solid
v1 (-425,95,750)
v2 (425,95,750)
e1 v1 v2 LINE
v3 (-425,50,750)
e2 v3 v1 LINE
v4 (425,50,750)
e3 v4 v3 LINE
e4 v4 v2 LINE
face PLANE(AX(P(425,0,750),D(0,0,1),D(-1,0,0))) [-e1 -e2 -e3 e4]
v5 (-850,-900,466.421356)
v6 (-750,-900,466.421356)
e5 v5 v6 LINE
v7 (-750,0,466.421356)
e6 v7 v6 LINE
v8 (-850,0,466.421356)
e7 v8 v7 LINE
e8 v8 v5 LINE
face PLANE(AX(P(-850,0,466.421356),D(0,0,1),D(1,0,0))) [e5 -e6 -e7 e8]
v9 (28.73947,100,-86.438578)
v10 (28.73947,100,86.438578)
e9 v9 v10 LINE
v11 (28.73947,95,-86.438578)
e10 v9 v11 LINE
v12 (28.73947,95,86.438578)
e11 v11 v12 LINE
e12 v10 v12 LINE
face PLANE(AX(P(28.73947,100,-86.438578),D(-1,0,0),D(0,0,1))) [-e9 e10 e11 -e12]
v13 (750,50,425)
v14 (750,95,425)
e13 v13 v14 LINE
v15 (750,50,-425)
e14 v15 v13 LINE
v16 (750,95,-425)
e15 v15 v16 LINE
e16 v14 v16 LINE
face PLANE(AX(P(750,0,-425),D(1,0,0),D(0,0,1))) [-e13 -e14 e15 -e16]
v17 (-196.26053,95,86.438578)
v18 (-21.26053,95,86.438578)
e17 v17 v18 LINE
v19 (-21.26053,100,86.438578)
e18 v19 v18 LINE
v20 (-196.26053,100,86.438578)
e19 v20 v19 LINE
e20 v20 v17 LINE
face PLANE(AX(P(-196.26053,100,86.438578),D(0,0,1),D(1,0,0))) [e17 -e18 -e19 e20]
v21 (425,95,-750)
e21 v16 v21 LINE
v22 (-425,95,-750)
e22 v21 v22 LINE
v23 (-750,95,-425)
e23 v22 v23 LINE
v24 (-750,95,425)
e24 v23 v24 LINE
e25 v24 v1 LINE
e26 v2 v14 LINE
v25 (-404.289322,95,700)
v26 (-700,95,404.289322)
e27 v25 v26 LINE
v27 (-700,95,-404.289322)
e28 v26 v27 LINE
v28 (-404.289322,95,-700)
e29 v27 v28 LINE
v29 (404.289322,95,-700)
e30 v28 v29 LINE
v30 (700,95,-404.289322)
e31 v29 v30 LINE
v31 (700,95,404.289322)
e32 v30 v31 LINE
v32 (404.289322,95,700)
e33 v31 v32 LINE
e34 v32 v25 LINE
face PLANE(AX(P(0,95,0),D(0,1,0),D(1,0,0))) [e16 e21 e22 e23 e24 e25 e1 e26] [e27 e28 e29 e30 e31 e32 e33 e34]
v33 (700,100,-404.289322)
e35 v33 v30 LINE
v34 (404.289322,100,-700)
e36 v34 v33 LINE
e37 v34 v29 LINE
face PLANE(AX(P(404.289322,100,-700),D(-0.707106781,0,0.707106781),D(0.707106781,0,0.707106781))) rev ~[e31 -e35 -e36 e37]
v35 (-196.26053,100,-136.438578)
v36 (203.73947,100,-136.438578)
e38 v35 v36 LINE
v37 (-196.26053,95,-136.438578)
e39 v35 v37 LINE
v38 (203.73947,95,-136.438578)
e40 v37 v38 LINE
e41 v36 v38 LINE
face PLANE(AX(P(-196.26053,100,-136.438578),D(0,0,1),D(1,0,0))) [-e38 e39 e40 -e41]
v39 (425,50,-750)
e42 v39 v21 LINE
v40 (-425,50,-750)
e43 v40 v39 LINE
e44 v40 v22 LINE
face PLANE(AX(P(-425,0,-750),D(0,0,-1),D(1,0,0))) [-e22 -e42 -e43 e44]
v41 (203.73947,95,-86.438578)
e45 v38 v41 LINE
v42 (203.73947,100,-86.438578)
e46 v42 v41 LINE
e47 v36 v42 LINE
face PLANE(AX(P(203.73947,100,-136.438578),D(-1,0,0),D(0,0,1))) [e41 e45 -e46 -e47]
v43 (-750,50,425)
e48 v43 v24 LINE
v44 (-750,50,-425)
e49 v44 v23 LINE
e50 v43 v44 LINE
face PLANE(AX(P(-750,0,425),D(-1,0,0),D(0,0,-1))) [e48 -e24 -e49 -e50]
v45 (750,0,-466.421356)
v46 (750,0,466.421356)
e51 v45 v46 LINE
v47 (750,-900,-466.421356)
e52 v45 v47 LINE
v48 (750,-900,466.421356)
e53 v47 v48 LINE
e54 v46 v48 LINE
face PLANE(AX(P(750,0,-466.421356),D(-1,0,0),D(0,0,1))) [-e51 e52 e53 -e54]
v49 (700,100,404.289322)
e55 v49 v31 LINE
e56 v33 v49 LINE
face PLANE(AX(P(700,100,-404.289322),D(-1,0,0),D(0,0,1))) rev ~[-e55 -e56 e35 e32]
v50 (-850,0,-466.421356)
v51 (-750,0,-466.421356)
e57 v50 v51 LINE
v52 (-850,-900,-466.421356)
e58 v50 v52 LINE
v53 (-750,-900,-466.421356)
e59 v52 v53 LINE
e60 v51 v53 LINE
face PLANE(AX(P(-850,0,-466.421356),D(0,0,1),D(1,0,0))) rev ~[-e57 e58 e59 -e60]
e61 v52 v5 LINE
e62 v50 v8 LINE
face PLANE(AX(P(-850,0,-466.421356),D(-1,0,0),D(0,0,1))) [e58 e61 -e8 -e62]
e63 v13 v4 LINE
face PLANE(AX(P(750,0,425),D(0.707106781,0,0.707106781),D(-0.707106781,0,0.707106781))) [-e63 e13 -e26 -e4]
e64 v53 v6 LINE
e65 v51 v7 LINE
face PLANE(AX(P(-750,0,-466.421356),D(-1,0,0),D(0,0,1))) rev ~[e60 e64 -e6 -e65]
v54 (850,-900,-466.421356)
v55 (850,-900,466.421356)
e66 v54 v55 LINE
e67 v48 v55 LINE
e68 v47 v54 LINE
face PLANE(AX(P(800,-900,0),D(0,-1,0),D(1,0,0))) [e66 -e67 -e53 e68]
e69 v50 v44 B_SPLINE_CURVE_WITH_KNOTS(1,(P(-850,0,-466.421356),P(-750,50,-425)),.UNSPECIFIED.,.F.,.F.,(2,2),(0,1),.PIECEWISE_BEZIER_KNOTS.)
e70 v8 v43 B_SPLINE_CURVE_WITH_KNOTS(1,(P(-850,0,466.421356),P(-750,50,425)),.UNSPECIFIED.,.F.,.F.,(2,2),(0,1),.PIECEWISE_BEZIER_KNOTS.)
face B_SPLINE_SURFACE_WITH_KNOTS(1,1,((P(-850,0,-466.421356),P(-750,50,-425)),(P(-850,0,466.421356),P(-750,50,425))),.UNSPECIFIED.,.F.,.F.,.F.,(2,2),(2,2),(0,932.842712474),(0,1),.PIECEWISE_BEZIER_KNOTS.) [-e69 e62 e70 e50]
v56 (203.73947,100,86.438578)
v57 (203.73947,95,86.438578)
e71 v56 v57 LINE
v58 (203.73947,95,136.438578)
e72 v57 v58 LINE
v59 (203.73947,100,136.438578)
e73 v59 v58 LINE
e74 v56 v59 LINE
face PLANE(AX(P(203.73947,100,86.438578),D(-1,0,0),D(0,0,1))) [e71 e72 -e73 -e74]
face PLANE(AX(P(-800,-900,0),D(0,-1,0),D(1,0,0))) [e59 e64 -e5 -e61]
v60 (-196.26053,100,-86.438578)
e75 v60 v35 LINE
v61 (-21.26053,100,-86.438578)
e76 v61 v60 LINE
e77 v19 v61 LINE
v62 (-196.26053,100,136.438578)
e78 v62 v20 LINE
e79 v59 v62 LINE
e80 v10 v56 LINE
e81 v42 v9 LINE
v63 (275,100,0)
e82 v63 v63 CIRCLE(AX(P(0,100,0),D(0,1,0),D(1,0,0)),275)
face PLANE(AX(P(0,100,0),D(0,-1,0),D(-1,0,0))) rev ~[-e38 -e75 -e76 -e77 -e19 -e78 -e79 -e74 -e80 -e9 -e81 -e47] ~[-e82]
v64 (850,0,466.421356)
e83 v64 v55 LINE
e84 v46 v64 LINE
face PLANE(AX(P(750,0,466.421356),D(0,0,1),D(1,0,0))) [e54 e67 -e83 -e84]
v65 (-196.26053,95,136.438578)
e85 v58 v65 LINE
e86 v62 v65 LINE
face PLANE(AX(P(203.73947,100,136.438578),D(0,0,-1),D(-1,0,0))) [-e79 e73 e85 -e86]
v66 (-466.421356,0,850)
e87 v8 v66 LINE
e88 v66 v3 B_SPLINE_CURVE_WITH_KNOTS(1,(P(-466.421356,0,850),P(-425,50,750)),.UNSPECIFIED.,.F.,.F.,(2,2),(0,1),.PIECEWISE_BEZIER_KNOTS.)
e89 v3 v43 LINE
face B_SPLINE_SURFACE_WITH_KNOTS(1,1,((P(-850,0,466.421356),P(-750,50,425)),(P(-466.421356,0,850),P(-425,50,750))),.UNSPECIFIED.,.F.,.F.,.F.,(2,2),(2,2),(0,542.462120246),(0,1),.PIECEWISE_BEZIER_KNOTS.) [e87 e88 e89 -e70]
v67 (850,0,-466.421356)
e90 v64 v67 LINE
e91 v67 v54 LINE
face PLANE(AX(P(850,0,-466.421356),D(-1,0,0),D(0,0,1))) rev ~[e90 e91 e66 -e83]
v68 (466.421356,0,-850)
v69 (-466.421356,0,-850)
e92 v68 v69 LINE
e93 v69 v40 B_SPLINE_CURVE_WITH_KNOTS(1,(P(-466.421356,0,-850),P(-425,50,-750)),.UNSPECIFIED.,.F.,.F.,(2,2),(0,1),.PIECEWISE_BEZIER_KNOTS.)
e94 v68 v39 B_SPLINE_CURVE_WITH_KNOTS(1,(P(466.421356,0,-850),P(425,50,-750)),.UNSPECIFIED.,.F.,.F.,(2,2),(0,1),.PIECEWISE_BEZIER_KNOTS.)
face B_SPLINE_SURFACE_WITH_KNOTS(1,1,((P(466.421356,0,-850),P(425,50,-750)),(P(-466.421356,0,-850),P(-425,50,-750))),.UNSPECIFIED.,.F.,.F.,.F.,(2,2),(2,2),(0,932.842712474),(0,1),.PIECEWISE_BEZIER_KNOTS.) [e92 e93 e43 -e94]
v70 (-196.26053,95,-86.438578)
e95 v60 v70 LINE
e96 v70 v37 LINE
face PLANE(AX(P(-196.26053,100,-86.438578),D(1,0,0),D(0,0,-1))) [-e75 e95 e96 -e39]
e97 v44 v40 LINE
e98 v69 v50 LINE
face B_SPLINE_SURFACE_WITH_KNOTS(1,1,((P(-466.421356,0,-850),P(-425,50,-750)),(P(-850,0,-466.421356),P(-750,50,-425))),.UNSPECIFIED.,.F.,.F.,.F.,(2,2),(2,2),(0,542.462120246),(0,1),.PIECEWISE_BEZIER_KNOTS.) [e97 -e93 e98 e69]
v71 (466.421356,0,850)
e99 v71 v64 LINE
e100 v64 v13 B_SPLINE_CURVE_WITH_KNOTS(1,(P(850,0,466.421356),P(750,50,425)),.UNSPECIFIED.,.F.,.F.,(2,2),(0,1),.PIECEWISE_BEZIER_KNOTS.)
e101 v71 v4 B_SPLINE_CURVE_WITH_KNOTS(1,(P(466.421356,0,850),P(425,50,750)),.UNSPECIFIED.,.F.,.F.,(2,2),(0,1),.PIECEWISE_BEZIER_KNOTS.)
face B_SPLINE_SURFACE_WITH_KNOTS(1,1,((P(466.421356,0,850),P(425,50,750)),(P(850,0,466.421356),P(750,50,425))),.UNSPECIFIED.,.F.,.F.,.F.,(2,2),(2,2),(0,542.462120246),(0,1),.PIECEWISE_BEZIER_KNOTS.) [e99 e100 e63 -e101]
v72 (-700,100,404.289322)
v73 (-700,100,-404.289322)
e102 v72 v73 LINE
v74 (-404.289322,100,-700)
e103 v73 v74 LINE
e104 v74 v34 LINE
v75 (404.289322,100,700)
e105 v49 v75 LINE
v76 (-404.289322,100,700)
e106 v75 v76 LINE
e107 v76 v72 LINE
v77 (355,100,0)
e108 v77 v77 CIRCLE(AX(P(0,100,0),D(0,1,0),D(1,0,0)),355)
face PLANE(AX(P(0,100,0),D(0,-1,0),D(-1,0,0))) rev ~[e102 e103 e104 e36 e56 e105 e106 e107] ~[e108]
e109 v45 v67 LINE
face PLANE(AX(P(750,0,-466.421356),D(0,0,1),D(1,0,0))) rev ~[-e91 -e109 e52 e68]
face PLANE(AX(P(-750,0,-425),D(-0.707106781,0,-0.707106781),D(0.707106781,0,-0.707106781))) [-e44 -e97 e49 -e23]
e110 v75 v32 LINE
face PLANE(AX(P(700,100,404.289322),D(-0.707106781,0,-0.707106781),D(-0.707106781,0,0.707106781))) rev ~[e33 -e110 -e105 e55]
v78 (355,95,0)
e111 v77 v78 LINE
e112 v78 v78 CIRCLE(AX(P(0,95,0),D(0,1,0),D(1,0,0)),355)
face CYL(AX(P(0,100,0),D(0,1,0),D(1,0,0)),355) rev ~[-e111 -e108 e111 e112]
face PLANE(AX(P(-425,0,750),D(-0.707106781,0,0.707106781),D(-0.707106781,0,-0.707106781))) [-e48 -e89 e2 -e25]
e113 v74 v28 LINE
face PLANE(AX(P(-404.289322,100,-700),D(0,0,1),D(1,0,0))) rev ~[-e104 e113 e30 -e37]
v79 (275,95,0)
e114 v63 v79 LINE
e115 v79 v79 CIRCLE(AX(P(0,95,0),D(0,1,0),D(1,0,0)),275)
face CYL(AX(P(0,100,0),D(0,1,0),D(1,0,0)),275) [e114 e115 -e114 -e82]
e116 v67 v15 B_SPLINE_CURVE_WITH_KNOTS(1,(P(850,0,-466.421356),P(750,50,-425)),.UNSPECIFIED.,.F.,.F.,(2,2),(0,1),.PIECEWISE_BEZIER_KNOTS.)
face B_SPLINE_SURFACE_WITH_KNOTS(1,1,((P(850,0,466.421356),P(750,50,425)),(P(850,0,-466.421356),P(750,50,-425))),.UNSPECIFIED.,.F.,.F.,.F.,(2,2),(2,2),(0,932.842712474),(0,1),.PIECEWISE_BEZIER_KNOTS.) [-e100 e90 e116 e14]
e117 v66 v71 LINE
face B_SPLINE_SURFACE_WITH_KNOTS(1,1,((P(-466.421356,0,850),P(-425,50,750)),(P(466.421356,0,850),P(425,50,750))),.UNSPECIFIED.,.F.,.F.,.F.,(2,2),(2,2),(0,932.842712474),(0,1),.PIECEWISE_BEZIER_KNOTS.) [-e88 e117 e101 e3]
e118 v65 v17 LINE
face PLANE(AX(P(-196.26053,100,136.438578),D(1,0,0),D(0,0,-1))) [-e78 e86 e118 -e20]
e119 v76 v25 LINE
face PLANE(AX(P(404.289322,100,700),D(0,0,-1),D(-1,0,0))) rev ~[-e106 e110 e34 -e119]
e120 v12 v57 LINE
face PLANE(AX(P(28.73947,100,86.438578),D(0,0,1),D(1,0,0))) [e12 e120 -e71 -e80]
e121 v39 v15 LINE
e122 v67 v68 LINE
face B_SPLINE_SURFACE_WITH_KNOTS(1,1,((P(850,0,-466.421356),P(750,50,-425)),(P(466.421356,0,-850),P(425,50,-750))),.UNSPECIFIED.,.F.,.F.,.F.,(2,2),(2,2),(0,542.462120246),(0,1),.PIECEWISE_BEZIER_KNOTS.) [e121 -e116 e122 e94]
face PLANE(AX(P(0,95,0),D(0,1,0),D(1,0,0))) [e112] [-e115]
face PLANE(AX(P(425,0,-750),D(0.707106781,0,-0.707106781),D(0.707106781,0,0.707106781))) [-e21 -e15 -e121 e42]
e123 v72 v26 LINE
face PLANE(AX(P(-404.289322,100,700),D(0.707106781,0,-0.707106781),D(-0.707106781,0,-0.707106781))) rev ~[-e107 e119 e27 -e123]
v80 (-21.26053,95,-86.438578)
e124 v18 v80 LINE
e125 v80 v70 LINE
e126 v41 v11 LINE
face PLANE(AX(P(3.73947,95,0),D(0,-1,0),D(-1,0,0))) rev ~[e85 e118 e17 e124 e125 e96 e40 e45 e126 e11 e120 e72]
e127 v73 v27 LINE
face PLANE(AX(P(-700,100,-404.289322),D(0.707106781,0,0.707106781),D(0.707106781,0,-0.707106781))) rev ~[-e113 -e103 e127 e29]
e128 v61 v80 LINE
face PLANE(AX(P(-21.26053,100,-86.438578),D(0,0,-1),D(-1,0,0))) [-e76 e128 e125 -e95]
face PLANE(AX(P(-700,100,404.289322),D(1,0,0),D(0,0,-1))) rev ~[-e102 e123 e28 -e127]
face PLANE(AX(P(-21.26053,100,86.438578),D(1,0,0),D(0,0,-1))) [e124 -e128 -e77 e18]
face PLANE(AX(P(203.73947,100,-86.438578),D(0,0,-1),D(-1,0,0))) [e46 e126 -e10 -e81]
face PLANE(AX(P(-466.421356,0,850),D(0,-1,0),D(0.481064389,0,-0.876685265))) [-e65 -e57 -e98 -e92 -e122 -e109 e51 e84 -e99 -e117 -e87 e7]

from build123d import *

# Parameters (mm, degrees)
EXTRUDE_2_DEPTH     = 100
SKETCH_8_R          = 355
SKETCH_8_R_2        = 275
CUT_EXTRUDE_1_DEPTH = 5
CUT_EXTRUDE_2_DEPTH = 5
CUT_EXTRUDE_3_DEPTH = 5
SKETCH_13_W         = 100
SKETCH_13_H         = 932.842712474
EXTRUDE_3_DEPTH     = 900


with BuildPart() as part:
    # 草图2 → 凸台-拉伸2 (new body)
    with BuildSketch(Plane(origin=(0, 0, 0), x_dir=(1, 0, 0), z_dir=(0, 1, 0))):
        Polygon((-425, 750), (425, 750), (750, 425), (750, -425), (425, -750), (-425, -750), (-750, -425), (-750, 425), align=None)
    extrude(amount=EXTRUDE_2_DEPTH)

    # 草图4 → 放样4 section 0
    with BuildSketch(Plane.XZ):
        Polygon((-466.421356237, 850), (466.421356237, 850), (850, 466.421356237), (850, -466.421356237), (466.421356237, -850), (-466.421356237, -850), (-850, -466.421356237), (-850, 466.421356237), align=None)
    # 草图7 → 放样4 section 1
    with BuildSketch(Plane(origin=(0, 50, 0), x_dir=(1, 0, 0), z_dir=(0, 1, 0))):
        Polygon((750, -425), (425, -750), (-425, -750), (-750, -425), (-750, 425), (-425, 750), (425, 750), (750, 425), align=None)
    loft()

    # 草图8 → 切除-拉伸1 (cut)
    with BuildSketch(Plane(origin=(0, 100, 0), x_dir=(1, 0, 0), z_dir=(0, 1, 0))):
        Circle(SKETCH_8_R)
        Circle(SKETCH_8_R_2, mode=Mode.SUBTRACT)
    extrude(amount=-CUT_EXTRUDE_1_DEPTH, mode=Mode.SUBTRACT)

    # 草图9 → 切除-拉伸2 (cut)
    with BuildSketch(Plane(origin=(0, 100, 0), x_dir=(1, 0, 0), z_dir=(0, 1, 0))):
        Polygon((-196.260530097, 136.438578222), (203.739469903, 136.438578222), (203.739469903, 86.438578222), (28.739469903, 86.438578222), (28.739469903, -86.438578222), (203.739469903, -86.438578222), (203.739469903, -136.438578222), (-196.260530097, -136.438578222), (-196.260530097, -86.438578222), (-21.260530097, -86.438578222), (-21.260530097, 86.438578222), (-196.260530097, 86.438578222), align=None)
    extrude(amount=-CUT_EXTRUDE_2_DEPTH, mode=Mode.SUBTRACT)

    # 草图10 → 切除-拉伸3 (cut)
    with BuildSketch(Plane(origin=(0, 100, 0), x_dir=(1, 0, 0), z_dir=(0, 1, 0))):
        Polygon((425, 750), (-425, 750), (-750, 425), (-750, -425), (-425, -750), (425, -750), (750, -425), (750, 425), align=None)
        Polygon((700, 404.289321881), (700, -404.289321881), (404.289321881, -700), (-404.289321881, -700), (-700, -404.289321881), (-700, 404.289321881), (-404.289321881, 700), (404.289321881, 700), align=None, mode=Mode.SUBTRACT)
    extrude(amount=-CUT_EXTRUDE_3_DEPTH, mode=Mode.SUBTRACT)

    # 草图13 → 凸台-拉伸3 (add)
    with BuildSketch(Plane.XZ):
        with Locations((-800, 0)):
            Rectangle(SKETCH_13_W, SKETCH_13_H)
        with Locations((800, 0)):
            Rectangle(SKETCH_13_W, SKETCH_13_H)
    extrude(amount=EXTRUDE_3_DEPTH)


solid = part.part
